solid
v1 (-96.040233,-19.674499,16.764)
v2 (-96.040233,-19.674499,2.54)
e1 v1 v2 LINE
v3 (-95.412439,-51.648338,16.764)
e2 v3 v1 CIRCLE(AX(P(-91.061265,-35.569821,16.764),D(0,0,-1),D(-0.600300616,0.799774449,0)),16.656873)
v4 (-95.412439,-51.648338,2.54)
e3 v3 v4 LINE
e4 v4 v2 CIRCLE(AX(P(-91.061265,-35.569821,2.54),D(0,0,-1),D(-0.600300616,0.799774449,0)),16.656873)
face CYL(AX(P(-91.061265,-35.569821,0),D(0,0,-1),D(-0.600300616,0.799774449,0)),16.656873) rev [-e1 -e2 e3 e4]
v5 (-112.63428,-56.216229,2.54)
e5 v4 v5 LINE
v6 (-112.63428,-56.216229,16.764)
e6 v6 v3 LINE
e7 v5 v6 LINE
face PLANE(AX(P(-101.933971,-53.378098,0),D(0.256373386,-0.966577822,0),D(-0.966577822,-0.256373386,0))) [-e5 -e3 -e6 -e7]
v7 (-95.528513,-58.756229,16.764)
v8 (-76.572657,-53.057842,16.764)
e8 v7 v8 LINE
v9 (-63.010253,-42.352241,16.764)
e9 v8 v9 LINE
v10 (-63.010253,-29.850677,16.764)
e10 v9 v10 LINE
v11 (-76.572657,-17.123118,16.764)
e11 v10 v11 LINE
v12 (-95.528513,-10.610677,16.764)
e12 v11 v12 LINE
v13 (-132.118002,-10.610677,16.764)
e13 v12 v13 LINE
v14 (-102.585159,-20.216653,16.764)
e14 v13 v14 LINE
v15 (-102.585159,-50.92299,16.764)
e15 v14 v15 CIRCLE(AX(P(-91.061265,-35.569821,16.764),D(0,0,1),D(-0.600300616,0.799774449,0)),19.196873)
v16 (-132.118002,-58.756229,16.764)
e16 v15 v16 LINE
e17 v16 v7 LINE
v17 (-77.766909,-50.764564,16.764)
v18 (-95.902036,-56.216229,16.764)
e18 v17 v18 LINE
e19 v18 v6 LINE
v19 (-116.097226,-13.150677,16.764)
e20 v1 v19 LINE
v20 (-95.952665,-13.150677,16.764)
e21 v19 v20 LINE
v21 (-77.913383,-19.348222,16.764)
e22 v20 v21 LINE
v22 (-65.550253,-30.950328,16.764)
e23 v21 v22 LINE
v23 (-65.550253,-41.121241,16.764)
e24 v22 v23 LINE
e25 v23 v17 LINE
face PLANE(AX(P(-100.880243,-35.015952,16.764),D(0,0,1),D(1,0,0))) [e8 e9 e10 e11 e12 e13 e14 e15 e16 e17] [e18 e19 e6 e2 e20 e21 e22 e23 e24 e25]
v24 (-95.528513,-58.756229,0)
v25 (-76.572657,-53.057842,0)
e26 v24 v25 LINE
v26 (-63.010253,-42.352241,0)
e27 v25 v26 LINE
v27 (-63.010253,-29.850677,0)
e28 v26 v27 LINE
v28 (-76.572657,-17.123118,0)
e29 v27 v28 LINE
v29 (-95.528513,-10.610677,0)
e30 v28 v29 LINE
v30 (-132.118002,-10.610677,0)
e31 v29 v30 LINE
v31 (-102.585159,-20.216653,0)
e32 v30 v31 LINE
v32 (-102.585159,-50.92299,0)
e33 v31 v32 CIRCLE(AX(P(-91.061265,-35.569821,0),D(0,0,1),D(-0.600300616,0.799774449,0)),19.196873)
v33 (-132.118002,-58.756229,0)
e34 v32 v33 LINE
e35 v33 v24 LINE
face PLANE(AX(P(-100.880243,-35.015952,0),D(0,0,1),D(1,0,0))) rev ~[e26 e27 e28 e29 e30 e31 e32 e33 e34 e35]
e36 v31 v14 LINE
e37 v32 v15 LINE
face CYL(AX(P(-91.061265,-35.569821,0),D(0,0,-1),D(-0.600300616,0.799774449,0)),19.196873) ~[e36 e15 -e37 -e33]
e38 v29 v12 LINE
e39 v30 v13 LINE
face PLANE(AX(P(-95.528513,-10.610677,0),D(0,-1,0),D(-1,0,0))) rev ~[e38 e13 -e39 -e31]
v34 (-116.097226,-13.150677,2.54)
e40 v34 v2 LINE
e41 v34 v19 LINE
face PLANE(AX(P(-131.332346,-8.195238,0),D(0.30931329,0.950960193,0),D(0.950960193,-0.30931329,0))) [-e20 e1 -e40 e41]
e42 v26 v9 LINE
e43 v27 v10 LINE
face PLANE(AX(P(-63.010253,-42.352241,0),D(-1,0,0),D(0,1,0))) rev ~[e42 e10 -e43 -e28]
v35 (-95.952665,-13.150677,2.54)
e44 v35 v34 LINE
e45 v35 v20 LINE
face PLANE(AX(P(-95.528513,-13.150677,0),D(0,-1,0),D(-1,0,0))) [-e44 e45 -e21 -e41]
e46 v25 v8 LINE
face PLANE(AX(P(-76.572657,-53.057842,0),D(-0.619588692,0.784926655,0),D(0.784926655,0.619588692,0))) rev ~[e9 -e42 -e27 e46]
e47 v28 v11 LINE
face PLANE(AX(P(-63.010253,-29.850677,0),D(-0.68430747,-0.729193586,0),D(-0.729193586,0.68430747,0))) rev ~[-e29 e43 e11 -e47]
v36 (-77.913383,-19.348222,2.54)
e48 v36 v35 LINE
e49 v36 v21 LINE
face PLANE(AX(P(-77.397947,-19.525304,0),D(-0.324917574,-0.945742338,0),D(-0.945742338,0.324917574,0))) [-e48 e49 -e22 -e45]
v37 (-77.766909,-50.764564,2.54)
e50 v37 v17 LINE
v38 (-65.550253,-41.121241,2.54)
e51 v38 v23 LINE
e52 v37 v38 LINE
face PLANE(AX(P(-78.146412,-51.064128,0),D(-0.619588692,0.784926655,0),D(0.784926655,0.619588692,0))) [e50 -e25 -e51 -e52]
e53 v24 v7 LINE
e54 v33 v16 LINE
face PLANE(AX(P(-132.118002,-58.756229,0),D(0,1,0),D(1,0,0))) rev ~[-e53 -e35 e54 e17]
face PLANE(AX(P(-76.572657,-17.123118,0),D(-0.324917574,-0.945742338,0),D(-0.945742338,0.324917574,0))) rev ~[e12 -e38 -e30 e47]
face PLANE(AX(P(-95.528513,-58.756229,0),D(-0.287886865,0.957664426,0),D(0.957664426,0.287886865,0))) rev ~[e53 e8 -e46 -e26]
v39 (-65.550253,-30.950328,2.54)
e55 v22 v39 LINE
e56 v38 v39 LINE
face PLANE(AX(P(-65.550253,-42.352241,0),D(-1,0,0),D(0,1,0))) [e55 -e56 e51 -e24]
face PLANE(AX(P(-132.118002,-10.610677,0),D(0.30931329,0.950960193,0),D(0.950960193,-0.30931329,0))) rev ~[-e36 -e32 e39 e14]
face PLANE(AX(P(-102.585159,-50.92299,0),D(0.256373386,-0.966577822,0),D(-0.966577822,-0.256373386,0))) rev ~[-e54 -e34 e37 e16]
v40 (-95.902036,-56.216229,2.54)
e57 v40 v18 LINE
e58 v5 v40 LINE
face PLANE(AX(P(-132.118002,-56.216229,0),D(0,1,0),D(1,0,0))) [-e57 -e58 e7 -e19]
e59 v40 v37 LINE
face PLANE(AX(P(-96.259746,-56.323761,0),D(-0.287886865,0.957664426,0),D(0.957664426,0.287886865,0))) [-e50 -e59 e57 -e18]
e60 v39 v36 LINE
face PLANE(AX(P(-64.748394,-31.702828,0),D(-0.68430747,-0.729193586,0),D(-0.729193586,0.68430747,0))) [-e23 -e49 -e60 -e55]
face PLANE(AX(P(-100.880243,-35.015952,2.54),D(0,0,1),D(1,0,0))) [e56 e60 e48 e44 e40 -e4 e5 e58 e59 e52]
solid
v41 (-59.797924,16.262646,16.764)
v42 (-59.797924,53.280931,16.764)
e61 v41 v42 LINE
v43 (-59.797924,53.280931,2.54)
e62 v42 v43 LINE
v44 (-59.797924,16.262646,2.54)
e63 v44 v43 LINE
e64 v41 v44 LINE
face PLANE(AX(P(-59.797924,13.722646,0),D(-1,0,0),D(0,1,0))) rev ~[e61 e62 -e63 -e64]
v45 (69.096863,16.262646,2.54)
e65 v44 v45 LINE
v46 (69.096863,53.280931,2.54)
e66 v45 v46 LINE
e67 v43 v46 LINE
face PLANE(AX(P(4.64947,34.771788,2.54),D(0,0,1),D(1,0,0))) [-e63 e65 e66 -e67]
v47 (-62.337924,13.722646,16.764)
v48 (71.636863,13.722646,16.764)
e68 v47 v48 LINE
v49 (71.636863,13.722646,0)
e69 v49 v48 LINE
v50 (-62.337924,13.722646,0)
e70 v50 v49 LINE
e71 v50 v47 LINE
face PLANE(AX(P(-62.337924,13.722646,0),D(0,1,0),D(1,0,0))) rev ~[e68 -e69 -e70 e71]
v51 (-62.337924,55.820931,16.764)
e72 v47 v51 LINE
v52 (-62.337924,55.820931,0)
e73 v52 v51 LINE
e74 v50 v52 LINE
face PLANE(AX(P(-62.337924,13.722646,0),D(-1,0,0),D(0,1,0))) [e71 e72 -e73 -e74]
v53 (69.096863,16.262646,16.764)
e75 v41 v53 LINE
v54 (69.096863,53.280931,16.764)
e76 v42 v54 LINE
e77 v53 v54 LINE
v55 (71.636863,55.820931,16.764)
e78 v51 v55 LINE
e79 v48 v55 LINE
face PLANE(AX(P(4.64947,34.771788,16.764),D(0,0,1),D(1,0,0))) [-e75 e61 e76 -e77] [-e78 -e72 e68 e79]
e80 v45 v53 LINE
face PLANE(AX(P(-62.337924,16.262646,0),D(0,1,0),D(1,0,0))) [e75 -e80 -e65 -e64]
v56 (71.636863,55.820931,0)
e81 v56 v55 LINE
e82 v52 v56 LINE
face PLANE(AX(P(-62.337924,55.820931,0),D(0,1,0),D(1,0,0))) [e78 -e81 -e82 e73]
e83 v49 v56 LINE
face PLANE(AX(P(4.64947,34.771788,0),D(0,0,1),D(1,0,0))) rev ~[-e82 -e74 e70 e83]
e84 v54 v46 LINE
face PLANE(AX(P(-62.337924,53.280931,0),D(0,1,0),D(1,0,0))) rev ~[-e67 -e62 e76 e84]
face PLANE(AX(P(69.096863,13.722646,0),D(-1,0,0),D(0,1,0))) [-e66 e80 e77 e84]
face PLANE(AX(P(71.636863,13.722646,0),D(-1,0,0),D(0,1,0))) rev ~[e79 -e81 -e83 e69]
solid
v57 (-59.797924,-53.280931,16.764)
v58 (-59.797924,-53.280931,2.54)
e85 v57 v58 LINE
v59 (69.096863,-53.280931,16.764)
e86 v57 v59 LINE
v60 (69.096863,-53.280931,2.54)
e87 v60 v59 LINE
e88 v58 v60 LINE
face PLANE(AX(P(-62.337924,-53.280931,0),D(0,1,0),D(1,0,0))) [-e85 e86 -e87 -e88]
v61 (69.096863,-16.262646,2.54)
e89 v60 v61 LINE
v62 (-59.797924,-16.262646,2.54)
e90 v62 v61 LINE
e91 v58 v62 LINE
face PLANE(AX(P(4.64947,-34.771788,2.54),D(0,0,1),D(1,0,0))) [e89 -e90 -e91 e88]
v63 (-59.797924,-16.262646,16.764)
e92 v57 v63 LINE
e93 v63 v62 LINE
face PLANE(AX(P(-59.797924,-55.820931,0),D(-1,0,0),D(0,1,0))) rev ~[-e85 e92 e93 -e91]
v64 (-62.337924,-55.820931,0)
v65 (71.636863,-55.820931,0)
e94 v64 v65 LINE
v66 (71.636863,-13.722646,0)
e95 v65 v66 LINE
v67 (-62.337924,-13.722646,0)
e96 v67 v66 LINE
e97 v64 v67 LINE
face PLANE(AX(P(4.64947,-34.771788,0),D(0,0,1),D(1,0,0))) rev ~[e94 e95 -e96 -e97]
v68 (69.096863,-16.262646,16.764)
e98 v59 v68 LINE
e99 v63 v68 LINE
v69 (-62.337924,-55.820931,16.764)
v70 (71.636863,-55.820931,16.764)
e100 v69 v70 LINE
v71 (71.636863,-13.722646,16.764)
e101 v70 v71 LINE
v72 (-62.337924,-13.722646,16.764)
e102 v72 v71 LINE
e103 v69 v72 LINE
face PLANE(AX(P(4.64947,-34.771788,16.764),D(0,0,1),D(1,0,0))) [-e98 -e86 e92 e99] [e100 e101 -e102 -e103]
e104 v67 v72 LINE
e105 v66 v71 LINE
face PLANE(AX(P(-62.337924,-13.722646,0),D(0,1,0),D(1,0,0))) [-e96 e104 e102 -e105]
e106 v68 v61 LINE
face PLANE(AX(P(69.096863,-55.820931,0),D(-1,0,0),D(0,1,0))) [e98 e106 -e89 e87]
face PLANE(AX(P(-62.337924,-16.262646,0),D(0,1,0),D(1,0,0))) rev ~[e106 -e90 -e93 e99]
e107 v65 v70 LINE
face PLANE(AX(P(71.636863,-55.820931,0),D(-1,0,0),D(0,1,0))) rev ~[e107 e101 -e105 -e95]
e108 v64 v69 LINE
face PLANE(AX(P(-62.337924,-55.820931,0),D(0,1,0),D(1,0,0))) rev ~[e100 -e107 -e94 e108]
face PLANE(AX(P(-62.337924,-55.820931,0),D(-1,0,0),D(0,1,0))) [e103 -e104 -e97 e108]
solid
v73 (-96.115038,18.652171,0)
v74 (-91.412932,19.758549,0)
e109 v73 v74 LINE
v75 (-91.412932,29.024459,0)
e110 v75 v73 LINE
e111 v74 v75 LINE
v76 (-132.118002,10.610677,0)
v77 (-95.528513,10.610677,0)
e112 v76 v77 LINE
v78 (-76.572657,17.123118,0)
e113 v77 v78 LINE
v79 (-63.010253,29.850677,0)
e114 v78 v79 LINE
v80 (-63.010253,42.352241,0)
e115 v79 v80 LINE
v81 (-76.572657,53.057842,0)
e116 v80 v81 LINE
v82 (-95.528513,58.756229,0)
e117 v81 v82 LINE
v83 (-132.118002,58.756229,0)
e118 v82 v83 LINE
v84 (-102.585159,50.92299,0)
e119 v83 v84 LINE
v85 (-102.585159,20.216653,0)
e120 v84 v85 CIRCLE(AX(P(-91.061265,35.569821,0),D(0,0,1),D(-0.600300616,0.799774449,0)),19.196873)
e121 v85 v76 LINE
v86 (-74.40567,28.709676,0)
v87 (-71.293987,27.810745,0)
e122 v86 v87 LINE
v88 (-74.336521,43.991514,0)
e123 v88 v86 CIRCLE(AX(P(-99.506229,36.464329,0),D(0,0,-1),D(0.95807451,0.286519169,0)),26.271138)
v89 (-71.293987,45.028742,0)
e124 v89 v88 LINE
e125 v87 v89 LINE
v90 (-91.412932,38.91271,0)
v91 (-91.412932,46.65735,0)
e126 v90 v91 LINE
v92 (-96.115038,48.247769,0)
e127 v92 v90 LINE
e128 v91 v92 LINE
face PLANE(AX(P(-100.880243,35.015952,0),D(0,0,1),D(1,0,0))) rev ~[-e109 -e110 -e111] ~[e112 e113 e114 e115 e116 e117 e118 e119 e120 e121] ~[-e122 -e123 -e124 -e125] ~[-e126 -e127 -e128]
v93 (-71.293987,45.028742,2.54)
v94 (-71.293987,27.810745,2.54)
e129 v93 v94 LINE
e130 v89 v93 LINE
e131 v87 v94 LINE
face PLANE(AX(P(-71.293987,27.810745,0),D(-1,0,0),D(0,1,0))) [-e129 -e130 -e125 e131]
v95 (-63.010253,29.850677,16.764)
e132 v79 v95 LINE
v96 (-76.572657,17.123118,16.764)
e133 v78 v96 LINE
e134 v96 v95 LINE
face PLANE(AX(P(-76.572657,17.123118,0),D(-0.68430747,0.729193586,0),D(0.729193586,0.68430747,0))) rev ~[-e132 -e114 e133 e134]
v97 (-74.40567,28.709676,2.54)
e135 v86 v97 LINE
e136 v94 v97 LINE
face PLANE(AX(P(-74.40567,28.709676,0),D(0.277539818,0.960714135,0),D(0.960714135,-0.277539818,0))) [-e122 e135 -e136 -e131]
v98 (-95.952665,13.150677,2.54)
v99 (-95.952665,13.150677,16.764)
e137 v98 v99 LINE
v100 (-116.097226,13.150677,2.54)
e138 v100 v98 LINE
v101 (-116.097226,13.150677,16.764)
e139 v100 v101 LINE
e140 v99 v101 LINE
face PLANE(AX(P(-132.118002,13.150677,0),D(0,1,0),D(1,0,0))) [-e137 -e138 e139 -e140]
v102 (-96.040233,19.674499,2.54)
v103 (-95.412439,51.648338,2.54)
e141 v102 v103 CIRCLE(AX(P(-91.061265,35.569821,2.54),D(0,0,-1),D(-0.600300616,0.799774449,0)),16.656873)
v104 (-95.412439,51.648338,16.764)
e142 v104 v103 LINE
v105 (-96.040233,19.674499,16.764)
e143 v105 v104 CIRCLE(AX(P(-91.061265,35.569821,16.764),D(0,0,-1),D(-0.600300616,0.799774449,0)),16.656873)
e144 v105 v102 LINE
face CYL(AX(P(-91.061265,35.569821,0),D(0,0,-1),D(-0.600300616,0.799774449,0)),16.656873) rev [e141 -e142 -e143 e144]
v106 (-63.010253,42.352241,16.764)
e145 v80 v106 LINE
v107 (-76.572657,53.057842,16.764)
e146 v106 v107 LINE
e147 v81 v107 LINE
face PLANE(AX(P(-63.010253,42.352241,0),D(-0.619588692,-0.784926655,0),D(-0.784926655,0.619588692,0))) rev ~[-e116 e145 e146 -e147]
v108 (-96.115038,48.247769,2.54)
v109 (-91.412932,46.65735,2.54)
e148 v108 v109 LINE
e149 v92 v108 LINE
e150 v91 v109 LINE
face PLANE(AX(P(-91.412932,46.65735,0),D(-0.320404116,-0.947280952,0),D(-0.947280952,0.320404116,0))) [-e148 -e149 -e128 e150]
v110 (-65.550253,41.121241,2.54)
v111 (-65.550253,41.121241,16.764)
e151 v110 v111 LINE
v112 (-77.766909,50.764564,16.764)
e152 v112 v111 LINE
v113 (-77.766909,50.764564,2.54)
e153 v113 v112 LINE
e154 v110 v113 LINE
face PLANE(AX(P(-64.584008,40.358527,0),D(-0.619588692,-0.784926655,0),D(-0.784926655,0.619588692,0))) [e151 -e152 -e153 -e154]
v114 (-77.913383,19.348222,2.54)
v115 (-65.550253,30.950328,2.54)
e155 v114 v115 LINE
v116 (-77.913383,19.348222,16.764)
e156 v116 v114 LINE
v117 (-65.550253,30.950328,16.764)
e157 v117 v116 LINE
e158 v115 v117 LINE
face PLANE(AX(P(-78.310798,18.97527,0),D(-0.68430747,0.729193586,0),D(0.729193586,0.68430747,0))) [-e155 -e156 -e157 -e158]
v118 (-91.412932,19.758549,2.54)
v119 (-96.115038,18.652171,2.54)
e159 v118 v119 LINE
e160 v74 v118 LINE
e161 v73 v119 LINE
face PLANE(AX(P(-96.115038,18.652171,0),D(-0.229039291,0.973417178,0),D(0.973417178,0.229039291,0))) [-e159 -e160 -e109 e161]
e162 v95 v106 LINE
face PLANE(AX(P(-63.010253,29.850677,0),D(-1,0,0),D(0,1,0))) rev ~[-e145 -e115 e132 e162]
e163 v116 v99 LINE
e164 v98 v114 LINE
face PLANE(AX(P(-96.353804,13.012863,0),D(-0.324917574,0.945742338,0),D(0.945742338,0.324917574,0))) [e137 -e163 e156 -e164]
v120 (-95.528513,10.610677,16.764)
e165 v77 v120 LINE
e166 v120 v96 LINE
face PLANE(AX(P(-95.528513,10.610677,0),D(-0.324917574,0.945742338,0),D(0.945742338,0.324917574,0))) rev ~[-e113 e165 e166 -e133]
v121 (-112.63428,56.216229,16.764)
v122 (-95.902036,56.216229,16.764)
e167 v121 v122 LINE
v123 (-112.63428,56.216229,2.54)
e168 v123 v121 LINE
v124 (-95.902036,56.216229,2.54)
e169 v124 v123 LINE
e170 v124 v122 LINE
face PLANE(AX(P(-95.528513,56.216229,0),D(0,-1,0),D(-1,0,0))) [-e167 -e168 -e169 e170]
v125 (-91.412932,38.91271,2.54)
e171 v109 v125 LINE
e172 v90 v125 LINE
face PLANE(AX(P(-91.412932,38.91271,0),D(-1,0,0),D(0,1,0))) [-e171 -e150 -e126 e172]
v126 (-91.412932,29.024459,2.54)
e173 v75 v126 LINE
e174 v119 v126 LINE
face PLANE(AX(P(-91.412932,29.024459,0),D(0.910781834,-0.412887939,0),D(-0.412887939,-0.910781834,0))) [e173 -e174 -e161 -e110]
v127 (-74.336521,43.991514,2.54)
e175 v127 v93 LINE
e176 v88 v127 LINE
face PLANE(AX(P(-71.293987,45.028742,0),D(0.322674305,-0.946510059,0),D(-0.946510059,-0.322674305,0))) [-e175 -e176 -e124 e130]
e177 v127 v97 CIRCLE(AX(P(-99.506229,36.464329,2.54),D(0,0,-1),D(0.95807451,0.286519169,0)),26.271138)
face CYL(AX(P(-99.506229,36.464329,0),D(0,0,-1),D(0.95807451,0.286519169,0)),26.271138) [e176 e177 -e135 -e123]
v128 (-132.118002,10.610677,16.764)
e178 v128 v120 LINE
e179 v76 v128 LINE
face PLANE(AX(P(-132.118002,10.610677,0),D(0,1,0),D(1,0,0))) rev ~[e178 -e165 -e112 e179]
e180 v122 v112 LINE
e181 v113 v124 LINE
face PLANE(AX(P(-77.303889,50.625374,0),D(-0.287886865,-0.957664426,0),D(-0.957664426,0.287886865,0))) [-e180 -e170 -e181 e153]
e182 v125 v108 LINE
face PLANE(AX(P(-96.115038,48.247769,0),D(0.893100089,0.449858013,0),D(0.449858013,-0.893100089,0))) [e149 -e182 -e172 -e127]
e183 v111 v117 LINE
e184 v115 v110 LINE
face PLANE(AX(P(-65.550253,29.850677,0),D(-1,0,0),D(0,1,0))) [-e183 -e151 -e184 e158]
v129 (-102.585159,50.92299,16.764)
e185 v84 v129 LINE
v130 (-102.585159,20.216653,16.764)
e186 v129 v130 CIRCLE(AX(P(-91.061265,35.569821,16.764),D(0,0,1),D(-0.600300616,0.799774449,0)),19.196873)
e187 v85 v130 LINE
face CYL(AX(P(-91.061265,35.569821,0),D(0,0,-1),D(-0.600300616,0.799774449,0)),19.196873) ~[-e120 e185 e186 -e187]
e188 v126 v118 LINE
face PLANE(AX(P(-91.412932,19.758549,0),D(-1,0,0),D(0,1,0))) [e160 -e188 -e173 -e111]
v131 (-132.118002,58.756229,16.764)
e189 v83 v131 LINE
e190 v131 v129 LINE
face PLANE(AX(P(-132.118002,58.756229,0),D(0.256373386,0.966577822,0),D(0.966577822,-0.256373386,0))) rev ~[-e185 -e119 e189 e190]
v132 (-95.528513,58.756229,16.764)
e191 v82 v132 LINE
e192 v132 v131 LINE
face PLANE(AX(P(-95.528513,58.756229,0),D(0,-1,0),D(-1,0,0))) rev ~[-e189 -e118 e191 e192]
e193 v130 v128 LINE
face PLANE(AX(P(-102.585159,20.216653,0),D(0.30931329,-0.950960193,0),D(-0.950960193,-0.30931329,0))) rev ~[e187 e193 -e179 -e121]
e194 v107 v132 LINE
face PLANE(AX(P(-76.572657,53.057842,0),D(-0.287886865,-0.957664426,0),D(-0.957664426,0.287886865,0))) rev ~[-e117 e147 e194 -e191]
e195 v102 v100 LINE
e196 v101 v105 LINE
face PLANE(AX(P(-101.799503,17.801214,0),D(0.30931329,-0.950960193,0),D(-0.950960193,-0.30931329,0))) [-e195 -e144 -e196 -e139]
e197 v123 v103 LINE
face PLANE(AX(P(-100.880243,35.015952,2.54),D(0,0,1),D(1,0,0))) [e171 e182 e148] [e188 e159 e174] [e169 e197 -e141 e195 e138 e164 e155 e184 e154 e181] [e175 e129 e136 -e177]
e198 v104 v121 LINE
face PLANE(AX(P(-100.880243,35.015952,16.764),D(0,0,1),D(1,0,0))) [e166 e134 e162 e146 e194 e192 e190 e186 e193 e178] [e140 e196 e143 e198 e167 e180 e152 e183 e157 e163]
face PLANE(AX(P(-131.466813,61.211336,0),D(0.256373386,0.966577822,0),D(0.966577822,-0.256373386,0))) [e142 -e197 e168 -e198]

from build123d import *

# Parameters (mm, degrees)
F0_W     = 133.9747868478
F0_H     = 42.098284699
F1_DEPTH = 16.764
F2_T     = -2.54
F2_2_T   = -2.54
F5_T     = -2.54
F6_T     = -2.54
F7_DEPTH = 39.37
F8_DEPTH = 66.548


with BuildPart() as f1:
    # F0 (on Top) → F1 (new body)
    with BuildSketch(Plane.XY):
        with Locations((4.6494696289, 34.7717883997)):
            Rectangle(F0_W, F0_H)
    extrude(amount=F1_DEPTH)

    # F2
    f2_openings = [f1.faces().sort_by_distance(p)[0] for p in [
        (4.64947, 34.771788, 16.764),
    ]]
    offset(amount=F2_T, openings=f2_openings)


with BuildPart() as f1b:
    # F0 (on Top) → F1, piece 2 (new body)
    with BuildSketch(Plane.XY):
        with Locations((4.6494696289, -34.7717883997)):
            Rectangle(F0_W, F0_H)
    extrude(amount=F1_DEPTH)

    # F2#2
    f2_2_openings = [f1b.faces().sort_by_distance(p)[0] for p in [
        (4.64947, -34.771788, 16.764),
    ]]
    offset(amount=F2_2_T, openings=f2_2_openings)


with BuildPart() as f1c:
    # F0 (on Top) → F1, piece 3 (new body)
    with BuildSketch(Plane.XY):
        with BuildLine():
            Line((-76.5726566315, 17.1231180429), (-63.0102530122, 29.8506766558))
            Line((-63.0102530122, 29.8506766558), (-63.0102530122, 42.3522405326))
            Line((-63.0102530122, 42.3522405326), (-76.5726566315, 53.0578419566))
            Line((-76.5726566315, 53.0578419566), (-95.5285131931, 58.7562285364))
            Line((-95.5285131931, 58.7562285364), (-132.1180015802, 58.7562285364))
            Line((-132.1180015802, 58.7562285364), (-102.5851592422, 50.9229898453))
            ThreePointArc((-102.5851592422, 50.9229898453), (-110.2581374608, 35.5698214844), (-102.5851592422, 20.2166531235))
            Line((-102.5851592422, 20.2166531235), (-132.1180015802, 10.6106773019))
            Line((-132.1180015802, 10.6106773019), (-95.5285131931, 10.6106773019))
            Line((-95.5285131931, 10.6106773019), (-76.5726566315, 17.1231180429))
        make_face()
    extrude(amount=F1_DEPTH)

    # F5
    f5_openings = [f1c.faces().sort_by_distance(p)[0] for p in [
        (-91.261215, 34.733918, 16.764),
    ]]
    offset(amount=F5_T, openings=f5_openings, kind=Kind.INTERSECTION)

    # F4 (on Top) → F7 (cut)
    with BuildSketch(Plane.XY):
        Polygon((-91.4129316807, 38.9127098024), (-91.4129316807, 46.6573499143), (-96.1150377989, 48.247769475), align=None)
        Polygon((-91.4129316807, 19.7585485876), (-91.4129316807, 29.0244594216), (-96.1150377989, 18.6521708965), align=None)
    extrude(amount=F7_DEPTH, mode=Mode.SUBTRACT)

    # F3 (on Top) → F8 (cut)
    with BuildSketch(Plane.XY):
        with BuildLine():
            ThreePointArc((-74.3365213275, 43.9915135503), (-73.2353599192, 36.3454557386), (-74.405670166, 28.7096761167))
            Line((-74.405670166, 28.7096761167), (-71.2939873338, 27.8107449412))
            Line((-71.2939873338, 27.8107449412), (-71.2939873338, 45.0287424028))
            Line((-71.2939873338, 45.0287424028), (-74.3365213275, 43.9915135503))
        make_face()
    extrude(amount=F8_DEPTH, mode=Mode.SUBTRACT)


with BuildPart() as f1d:
    # F0 (on Top) → F1, piece 4 (new body)
    with BuildSketch(Plane.XY):
        with BuildLine():
            Line((-63.0102530122, -29.8506766558), (-76.5726566315, -17.1231180429))
            Line((-76.5726566315, -17.1231180429), (-95.5285131931, -10.6106773019))
            Line((-95.5285131931, -10.6106773019), (-132.1180015802, -10.6106773019))
            Line((-132.1180015802, -10.6106773019), (-102.5851592422, -20.2166531235))
            ThreePointArc((-102.5851592422, -20.2166531235), (-110.2581374608, -35.5698214844), (-102.5851592422, -50.9229898453))
            Line((-102.5851592422, -50.9229898453), (-132.1180015802, -58.7562285364))
            Line((-132.1180015802, -58.7562285364), (-95.5285131931, -58.7562285364))
            Line((-95.5285131931, -58.7562285364), (-76.5726566315, -53.0578419566))
            Line((-76.5726566315, -53.0578419566), (-63.0102530122, -42.3522405326))
            Line((-63.0102530122, -42.3522405326), (-63.0102530122, -29.8506766558))
        make_face()
    extrude(amount=F1_DEPTH)

    # F6
    f6_openings = [f1d.faces().sort_by_distance(p)[0] for p in [
        (-91.261215, -34.733918, 16.764),
    ]]
    offset(amount=F6_T, openings=f6_openings, kind=Kind.INTERSECTION)


solid = Compound([f1.part, f1b.part, f1c.part, f1d.part])
